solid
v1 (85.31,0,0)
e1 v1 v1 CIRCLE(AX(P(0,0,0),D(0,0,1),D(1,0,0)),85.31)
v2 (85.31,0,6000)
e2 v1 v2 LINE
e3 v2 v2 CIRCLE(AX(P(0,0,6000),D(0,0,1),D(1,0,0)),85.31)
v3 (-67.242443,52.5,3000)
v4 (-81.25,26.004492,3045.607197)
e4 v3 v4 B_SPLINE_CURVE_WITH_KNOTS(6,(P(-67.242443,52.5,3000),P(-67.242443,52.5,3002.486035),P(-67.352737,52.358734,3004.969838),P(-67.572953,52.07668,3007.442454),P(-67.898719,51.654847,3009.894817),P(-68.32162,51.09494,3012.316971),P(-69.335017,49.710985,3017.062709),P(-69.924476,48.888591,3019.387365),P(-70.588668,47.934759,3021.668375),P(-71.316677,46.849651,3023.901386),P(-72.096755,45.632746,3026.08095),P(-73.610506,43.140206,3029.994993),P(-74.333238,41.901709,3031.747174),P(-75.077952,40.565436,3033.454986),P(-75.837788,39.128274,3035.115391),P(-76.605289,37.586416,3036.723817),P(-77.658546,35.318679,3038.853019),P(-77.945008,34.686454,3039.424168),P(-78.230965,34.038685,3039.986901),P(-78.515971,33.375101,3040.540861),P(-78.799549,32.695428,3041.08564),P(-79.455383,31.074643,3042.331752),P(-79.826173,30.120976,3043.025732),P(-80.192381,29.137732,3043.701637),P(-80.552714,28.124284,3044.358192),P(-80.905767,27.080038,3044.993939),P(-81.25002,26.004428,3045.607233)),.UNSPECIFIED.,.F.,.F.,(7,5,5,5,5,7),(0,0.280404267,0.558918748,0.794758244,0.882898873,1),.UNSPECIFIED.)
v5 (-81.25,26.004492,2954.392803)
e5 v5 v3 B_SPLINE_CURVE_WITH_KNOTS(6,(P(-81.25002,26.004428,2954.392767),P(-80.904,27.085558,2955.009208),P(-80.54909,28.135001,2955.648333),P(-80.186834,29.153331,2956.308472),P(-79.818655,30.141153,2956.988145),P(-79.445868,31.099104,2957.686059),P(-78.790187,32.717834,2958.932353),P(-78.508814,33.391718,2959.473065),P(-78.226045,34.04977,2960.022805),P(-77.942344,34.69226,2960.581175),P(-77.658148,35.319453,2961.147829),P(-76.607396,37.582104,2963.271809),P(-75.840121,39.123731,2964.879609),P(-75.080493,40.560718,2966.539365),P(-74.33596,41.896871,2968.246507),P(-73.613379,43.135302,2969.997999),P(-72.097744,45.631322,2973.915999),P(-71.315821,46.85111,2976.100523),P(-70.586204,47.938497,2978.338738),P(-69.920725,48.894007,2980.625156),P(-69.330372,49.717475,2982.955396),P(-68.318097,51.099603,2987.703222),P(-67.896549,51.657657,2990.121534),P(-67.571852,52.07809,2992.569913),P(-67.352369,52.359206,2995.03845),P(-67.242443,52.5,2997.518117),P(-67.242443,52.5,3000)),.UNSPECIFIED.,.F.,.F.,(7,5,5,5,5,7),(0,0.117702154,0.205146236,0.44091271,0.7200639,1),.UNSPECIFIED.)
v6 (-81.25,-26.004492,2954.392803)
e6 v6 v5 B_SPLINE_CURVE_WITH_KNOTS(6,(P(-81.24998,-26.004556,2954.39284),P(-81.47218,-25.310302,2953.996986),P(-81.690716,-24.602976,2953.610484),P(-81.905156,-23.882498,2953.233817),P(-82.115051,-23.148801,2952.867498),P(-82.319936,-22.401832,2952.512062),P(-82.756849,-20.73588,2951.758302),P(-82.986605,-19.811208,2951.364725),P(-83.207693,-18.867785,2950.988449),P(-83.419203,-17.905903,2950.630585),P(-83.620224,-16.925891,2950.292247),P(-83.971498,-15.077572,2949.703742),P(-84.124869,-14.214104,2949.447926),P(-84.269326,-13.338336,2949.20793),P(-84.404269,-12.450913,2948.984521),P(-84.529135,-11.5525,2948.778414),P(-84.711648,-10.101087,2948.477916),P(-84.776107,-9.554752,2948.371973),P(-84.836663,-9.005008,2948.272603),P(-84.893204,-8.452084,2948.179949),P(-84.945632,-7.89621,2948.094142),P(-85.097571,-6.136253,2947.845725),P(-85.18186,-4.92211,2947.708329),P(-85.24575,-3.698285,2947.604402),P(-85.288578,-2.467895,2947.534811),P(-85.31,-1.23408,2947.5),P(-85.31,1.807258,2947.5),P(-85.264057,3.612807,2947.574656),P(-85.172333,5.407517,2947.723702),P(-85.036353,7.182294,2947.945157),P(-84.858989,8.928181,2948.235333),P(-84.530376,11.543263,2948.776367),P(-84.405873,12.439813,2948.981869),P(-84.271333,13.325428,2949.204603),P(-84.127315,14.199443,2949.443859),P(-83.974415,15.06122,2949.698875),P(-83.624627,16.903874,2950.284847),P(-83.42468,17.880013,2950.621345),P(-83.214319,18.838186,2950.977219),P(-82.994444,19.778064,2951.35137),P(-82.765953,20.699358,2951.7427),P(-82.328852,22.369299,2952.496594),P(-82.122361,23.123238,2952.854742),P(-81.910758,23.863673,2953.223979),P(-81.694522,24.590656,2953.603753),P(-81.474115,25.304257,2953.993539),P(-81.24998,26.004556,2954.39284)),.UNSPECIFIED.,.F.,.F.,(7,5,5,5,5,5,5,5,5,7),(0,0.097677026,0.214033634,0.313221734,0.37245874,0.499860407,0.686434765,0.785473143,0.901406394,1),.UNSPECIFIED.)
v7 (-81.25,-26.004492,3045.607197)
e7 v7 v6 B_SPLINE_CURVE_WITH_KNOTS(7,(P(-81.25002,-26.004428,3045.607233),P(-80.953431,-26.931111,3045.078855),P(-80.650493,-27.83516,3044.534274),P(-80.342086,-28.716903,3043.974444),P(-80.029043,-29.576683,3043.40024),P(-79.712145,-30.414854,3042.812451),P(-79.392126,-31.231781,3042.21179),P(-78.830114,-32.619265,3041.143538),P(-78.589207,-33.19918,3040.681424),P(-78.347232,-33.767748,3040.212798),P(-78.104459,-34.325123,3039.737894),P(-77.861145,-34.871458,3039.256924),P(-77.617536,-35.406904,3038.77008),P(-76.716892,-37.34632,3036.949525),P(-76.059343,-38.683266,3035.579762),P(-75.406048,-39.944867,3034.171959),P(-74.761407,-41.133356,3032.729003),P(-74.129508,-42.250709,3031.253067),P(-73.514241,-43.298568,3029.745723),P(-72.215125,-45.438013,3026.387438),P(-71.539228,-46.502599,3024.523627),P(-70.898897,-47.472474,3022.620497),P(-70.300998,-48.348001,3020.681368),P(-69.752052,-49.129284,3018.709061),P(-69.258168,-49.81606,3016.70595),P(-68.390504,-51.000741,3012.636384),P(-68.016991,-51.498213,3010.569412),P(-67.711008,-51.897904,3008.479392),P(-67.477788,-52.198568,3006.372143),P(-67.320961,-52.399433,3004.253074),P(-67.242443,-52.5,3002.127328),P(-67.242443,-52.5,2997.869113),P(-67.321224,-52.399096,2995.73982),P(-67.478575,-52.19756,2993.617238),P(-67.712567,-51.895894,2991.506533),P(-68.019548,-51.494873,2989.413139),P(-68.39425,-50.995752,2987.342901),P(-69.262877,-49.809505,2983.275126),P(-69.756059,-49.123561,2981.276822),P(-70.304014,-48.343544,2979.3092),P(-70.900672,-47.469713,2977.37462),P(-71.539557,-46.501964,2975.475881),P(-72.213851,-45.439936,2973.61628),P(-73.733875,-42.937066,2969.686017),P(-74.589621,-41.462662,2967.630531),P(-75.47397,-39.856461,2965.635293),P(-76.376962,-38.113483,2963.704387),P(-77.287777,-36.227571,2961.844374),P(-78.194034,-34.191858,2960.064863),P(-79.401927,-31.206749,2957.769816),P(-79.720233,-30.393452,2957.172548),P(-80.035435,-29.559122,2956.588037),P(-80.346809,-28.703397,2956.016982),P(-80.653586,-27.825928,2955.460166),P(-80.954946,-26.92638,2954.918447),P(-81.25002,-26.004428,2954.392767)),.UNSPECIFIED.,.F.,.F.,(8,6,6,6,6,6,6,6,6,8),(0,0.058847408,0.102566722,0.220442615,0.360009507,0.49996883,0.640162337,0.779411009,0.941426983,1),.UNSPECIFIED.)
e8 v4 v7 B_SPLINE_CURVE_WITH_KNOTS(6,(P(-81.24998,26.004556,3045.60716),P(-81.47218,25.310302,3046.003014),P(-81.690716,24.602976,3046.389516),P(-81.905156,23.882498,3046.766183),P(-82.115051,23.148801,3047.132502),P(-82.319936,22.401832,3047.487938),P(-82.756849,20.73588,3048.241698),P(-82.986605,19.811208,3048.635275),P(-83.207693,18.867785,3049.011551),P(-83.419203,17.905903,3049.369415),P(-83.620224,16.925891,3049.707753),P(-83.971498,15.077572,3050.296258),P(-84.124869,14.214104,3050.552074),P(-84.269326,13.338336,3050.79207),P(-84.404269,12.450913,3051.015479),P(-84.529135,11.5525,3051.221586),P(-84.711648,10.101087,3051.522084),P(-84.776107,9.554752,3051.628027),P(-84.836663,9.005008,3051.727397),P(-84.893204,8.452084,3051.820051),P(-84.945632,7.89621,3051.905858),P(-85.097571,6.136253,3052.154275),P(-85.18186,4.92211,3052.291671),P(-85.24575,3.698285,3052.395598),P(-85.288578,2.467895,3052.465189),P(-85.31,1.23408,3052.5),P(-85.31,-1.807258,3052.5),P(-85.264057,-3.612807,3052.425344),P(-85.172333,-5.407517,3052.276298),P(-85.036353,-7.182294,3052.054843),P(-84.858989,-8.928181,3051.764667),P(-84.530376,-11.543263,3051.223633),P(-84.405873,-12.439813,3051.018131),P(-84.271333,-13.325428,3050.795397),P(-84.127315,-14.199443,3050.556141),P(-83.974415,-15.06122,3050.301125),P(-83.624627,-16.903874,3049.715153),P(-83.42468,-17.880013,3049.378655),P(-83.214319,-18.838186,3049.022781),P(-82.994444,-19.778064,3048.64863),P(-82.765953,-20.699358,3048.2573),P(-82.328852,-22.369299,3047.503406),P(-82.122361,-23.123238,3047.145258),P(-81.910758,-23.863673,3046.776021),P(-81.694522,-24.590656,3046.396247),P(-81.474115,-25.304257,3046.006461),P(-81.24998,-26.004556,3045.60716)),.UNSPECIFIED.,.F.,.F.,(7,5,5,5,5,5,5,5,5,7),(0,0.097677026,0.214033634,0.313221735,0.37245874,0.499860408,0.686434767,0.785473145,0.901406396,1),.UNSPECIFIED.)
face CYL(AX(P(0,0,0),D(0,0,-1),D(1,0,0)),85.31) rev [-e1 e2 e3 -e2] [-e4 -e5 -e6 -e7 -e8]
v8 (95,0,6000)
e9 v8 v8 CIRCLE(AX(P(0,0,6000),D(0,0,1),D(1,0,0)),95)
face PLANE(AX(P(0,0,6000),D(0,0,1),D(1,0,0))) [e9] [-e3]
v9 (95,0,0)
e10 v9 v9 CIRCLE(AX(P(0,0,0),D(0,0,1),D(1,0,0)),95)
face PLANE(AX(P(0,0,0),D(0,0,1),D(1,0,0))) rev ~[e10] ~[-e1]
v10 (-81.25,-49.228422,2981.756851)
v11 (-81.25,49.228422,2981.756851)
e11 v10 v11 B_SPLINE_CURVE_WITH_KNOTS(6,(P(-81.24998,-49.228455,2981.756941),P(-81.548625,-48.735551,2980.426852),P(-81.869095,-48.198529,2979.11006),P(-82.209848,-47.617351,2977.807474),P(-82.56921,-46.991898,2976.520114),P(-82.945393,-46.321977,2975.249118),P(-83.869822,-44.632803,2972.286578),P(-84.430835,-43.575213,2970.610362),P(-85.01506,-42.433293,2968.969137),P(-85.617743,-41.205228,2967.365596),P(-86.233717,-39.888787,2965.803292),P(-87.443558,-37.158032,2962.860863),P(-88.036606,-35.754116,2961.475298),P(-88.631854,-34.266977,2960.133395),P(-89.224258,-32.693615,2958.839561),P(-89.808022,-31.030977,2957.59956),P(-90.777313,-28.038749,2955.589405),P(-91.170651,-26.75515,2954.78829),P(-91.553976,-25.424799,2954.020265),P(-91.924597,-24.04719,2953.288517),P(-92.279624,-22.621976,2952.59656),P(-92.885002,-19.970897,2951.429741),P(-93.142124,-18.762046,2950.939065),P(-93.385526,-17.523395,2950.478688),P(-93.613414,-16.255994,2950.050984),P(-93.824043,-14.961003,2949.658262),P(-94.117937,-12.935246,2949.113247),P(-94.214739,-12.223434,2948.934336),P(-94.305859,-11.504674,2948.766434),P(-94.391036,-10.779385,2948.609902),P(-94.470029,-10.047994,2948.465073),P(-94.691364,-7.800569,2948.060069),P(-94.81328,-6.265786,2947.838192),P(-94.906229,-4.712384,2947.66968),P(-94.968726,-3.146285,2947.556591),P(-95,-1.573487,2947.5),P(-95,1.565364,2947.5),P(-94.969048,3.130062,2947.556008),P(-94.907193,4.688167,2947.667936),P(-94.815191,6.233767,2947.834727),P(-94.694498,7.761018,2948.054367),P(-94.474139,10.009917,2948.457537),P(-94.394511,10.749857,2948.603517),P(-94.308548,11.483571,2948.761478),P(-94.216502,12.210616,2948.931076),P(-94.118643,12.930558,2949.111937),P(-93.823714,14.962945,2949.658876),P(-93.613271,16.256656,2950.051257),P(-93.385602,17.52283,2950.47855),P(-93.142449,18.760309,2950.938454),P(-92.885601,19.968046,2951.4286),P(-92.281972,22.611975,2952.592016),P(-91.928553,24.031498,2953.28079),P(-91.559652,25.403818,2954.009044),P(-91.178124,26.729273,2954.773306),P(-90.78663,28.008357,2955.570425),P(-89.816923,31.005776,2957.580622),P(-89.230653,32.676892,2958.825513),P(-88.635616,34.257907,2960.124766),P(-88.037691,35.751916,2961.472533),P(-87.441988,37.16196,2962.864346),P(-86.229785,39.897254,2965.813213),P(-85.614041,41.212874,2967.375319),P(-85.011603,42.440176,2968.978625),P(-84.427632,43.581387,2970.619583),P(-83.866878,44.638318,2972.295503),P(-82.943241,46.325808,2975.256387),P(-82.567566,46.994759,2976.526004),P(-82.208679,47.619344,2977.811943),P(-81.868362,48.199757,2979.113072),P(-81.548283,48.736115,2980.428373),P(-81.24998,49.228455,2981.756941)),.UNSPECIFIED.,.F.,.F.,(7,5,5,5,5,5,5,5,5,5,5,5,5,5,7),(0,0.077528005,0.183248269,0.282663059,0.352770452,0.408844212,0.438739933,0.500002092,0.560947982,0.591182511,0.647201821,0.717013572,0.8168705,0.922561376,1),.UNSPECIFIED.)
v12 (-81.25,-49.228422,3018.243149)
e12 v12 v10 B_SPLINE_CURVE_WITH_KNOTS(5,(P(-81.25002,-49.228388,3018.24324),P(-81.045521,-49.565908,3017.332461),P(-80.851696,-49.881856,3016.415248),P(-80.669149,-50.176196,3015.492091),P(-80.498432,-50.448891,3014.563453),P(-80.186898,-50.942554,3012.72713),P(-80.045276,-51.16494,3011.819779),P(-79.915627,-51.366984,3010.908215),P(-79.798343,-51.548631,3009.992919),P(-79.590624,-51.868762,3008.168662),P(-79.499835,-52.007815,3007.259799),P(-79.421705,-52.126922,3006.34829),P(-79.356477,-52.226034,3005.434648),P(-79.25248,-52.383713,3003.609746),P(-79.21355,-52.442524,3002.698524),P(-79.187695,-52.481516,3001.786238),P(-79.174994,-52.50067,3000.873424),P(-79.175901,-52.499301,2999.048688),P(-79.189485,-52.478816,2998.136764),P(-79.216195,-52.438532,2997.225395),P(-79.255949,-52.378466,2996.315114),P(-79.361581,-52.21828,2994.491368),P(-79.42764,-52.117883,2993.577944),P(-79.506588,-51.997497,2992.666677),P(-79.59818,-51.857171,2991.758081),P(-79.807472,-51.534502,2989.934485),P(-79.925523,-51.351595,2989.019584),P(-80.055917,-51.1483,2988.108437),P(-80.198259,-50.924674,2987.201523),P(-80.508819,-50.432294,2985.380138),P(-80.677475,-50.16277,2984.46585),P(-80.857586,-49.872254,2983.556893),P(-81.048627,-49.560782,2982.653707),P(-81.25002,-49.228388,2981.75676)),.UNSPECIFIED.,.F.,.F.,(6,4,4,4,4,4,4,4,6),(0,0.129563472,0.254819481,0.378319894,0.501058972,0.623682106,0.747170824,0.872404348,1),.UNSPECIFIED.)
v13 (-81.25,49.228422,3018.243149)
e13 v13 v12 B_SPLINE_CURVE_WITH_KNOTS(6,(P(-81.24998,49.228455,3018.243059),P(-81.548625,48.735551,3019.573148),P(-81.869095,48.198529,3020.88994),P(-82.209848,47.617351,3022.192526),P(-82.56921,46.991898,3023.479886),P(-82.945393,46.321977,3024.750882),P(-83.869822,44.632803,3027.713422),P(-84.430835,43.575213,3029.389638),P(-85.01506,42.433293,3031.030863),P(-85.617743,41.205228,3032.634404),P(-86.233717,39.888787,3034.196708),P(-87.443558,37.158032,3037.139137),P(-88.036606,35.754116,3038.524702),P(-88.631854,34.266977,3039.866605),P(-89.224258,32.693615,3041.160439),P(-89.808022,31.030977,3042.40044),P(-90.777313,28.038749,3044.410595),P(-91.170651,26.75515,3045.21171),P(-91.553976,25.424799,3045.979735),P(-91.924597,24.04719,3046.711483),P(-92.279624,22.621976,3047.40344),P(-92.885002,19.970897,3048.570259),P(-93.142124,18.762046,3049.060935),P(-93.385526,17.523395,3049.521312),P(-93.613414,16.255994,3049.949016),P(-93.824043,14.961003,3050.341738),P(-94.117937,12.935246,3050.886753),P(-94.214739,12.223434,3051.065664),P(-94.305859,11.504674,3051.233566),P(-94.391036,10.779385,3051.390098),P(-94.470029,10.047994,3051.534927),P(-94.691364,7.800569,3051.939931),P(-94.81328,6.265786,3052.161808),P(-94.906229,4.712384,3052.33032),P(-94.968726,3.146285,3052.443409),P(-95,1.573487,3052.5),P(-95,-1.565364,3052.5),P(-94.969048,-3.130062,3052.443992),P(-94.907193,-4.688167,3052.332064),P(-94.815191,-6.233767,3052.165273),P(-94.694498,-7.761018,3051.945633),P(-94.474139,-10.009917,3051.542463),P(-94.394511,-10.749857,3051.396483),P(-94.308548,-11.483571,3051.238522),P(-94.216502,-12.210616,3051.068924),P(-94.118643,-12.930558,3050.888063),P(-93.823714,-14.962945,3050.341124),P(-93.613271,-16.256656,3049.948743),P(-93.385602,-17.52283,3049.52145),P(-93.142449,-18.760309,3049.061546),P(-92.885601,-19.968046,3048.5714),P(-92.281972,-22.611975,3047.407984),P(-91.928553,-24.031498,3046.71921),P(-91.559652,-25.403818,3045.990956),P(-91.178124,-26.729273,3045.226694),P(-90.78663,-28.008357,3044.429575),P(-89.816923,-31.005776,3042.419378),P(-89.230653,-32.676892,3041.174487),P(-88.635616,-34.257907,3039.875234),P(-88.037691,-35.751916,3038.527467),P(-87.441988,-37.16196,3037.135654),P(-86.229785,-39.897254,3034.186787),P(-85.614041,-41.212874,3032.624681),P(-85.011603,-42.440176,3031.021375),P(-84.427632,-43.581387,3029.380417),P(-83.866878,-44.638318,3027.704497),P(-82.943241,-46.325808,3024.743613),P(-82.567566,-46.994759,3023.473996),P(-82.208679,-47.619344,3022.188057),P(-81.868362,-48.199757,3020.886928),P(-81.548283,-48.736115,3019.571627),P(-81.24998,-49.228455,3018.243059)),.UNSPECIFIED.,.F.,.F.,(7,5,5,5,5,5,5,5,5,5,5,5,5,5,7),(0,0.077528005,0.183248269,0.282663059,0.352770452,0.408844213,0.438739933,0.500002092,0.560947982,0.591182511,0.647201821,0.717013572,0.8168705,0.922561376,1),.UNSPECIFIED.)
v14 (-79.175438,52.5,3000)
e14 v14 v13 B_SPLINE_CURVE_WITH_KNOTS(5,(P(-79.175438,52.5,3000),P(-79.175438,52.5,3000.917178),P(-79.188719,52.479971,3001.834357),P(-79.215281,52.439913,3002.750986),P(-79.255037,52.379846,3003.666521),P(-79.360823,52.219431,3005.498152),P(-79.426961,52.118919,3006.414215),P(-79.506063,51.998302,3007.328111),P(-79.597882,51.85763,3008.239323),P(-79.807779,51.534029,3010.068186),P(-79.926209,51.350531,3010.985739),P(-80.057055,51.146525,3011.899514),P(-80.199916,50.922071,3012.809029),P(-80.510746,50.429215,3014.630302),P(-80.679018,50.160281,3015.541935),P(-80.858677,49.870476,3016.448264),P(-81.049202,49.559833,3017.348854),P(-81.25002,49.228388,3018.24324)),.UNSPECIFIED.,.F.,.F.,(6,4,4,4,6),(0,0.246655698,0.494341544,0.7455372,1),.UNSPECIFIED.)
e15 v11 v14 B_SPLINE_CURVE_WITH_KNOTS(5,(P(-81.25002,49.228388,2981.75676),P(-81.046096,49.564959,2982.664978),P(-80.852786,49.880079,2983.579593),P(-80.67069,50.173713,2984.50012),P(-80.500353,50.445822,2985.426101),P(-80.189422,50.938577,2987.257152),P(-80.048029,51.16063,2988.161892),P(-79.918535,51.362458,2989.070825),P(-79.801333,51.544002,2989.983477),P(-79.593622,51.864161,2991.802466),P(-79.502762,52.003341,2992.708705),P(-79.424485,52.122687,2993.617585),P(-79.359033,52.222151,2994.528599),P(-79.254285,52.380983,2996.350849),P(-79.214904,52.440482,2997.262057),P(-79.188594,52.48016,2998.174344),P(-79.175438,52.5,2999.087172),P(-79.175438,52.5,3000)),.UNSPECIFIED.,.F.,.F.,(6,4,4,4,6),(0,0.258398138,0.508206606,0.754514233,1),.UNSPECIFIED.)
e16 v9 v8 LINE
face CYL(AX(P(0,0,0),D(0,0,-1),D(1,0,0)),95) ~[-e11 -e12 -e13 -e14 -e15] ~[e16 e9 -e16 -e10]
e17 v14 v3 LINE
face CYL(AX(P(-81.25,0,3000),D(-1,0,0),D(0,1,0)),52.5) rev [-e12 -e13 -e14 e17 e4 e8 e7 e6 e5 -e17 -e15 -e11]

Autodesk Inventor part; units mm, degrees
ref_plane "XZ Plane" through (0, 0, 0) normal (0, 1, 0) x (-1, 0, 0)
ref_plane "XY Plane" through (0, 0, 0) normal (0, 0, 1) x (1, 0, 0)
sketch "Boceto1" plane through (0, 0, 0) normal (0, 0, 1) x (1, 0, 0)
  circle A0 centre (0, 0) radius 95
  circle A1 centre (0, 0) radius 85.31
  dimension "d0" = 190
  dimension "d1" = 170.62
extrude "Extrusión1" add sketch "Boceto1" along normal blind 6000
ref_plane "Plano de trabajo3" through (-81.25, 0, 0) normal (1, 0, 0) x (0, 1, 0)
sketch "Boceto4" plane through (-81.25, 0, 0) normal (1, 0, 0) x (0, 1, 0)
  line L0 (95, 6000) -> (-95, 6000) construction
  line L1 (0, 6000) -> (0, 3000) construction
  line L2 (95, 0) -> (95, 6000) construction
  circle A0 centre (0, 3000) radius 52.5
  point P0 (0, 0)
  dimension "d11" = 105
extrude "Extrusión3" cut sketch "Boceto4" along normal mid plane 60
properties part number "PieTubo para aspesores3"
